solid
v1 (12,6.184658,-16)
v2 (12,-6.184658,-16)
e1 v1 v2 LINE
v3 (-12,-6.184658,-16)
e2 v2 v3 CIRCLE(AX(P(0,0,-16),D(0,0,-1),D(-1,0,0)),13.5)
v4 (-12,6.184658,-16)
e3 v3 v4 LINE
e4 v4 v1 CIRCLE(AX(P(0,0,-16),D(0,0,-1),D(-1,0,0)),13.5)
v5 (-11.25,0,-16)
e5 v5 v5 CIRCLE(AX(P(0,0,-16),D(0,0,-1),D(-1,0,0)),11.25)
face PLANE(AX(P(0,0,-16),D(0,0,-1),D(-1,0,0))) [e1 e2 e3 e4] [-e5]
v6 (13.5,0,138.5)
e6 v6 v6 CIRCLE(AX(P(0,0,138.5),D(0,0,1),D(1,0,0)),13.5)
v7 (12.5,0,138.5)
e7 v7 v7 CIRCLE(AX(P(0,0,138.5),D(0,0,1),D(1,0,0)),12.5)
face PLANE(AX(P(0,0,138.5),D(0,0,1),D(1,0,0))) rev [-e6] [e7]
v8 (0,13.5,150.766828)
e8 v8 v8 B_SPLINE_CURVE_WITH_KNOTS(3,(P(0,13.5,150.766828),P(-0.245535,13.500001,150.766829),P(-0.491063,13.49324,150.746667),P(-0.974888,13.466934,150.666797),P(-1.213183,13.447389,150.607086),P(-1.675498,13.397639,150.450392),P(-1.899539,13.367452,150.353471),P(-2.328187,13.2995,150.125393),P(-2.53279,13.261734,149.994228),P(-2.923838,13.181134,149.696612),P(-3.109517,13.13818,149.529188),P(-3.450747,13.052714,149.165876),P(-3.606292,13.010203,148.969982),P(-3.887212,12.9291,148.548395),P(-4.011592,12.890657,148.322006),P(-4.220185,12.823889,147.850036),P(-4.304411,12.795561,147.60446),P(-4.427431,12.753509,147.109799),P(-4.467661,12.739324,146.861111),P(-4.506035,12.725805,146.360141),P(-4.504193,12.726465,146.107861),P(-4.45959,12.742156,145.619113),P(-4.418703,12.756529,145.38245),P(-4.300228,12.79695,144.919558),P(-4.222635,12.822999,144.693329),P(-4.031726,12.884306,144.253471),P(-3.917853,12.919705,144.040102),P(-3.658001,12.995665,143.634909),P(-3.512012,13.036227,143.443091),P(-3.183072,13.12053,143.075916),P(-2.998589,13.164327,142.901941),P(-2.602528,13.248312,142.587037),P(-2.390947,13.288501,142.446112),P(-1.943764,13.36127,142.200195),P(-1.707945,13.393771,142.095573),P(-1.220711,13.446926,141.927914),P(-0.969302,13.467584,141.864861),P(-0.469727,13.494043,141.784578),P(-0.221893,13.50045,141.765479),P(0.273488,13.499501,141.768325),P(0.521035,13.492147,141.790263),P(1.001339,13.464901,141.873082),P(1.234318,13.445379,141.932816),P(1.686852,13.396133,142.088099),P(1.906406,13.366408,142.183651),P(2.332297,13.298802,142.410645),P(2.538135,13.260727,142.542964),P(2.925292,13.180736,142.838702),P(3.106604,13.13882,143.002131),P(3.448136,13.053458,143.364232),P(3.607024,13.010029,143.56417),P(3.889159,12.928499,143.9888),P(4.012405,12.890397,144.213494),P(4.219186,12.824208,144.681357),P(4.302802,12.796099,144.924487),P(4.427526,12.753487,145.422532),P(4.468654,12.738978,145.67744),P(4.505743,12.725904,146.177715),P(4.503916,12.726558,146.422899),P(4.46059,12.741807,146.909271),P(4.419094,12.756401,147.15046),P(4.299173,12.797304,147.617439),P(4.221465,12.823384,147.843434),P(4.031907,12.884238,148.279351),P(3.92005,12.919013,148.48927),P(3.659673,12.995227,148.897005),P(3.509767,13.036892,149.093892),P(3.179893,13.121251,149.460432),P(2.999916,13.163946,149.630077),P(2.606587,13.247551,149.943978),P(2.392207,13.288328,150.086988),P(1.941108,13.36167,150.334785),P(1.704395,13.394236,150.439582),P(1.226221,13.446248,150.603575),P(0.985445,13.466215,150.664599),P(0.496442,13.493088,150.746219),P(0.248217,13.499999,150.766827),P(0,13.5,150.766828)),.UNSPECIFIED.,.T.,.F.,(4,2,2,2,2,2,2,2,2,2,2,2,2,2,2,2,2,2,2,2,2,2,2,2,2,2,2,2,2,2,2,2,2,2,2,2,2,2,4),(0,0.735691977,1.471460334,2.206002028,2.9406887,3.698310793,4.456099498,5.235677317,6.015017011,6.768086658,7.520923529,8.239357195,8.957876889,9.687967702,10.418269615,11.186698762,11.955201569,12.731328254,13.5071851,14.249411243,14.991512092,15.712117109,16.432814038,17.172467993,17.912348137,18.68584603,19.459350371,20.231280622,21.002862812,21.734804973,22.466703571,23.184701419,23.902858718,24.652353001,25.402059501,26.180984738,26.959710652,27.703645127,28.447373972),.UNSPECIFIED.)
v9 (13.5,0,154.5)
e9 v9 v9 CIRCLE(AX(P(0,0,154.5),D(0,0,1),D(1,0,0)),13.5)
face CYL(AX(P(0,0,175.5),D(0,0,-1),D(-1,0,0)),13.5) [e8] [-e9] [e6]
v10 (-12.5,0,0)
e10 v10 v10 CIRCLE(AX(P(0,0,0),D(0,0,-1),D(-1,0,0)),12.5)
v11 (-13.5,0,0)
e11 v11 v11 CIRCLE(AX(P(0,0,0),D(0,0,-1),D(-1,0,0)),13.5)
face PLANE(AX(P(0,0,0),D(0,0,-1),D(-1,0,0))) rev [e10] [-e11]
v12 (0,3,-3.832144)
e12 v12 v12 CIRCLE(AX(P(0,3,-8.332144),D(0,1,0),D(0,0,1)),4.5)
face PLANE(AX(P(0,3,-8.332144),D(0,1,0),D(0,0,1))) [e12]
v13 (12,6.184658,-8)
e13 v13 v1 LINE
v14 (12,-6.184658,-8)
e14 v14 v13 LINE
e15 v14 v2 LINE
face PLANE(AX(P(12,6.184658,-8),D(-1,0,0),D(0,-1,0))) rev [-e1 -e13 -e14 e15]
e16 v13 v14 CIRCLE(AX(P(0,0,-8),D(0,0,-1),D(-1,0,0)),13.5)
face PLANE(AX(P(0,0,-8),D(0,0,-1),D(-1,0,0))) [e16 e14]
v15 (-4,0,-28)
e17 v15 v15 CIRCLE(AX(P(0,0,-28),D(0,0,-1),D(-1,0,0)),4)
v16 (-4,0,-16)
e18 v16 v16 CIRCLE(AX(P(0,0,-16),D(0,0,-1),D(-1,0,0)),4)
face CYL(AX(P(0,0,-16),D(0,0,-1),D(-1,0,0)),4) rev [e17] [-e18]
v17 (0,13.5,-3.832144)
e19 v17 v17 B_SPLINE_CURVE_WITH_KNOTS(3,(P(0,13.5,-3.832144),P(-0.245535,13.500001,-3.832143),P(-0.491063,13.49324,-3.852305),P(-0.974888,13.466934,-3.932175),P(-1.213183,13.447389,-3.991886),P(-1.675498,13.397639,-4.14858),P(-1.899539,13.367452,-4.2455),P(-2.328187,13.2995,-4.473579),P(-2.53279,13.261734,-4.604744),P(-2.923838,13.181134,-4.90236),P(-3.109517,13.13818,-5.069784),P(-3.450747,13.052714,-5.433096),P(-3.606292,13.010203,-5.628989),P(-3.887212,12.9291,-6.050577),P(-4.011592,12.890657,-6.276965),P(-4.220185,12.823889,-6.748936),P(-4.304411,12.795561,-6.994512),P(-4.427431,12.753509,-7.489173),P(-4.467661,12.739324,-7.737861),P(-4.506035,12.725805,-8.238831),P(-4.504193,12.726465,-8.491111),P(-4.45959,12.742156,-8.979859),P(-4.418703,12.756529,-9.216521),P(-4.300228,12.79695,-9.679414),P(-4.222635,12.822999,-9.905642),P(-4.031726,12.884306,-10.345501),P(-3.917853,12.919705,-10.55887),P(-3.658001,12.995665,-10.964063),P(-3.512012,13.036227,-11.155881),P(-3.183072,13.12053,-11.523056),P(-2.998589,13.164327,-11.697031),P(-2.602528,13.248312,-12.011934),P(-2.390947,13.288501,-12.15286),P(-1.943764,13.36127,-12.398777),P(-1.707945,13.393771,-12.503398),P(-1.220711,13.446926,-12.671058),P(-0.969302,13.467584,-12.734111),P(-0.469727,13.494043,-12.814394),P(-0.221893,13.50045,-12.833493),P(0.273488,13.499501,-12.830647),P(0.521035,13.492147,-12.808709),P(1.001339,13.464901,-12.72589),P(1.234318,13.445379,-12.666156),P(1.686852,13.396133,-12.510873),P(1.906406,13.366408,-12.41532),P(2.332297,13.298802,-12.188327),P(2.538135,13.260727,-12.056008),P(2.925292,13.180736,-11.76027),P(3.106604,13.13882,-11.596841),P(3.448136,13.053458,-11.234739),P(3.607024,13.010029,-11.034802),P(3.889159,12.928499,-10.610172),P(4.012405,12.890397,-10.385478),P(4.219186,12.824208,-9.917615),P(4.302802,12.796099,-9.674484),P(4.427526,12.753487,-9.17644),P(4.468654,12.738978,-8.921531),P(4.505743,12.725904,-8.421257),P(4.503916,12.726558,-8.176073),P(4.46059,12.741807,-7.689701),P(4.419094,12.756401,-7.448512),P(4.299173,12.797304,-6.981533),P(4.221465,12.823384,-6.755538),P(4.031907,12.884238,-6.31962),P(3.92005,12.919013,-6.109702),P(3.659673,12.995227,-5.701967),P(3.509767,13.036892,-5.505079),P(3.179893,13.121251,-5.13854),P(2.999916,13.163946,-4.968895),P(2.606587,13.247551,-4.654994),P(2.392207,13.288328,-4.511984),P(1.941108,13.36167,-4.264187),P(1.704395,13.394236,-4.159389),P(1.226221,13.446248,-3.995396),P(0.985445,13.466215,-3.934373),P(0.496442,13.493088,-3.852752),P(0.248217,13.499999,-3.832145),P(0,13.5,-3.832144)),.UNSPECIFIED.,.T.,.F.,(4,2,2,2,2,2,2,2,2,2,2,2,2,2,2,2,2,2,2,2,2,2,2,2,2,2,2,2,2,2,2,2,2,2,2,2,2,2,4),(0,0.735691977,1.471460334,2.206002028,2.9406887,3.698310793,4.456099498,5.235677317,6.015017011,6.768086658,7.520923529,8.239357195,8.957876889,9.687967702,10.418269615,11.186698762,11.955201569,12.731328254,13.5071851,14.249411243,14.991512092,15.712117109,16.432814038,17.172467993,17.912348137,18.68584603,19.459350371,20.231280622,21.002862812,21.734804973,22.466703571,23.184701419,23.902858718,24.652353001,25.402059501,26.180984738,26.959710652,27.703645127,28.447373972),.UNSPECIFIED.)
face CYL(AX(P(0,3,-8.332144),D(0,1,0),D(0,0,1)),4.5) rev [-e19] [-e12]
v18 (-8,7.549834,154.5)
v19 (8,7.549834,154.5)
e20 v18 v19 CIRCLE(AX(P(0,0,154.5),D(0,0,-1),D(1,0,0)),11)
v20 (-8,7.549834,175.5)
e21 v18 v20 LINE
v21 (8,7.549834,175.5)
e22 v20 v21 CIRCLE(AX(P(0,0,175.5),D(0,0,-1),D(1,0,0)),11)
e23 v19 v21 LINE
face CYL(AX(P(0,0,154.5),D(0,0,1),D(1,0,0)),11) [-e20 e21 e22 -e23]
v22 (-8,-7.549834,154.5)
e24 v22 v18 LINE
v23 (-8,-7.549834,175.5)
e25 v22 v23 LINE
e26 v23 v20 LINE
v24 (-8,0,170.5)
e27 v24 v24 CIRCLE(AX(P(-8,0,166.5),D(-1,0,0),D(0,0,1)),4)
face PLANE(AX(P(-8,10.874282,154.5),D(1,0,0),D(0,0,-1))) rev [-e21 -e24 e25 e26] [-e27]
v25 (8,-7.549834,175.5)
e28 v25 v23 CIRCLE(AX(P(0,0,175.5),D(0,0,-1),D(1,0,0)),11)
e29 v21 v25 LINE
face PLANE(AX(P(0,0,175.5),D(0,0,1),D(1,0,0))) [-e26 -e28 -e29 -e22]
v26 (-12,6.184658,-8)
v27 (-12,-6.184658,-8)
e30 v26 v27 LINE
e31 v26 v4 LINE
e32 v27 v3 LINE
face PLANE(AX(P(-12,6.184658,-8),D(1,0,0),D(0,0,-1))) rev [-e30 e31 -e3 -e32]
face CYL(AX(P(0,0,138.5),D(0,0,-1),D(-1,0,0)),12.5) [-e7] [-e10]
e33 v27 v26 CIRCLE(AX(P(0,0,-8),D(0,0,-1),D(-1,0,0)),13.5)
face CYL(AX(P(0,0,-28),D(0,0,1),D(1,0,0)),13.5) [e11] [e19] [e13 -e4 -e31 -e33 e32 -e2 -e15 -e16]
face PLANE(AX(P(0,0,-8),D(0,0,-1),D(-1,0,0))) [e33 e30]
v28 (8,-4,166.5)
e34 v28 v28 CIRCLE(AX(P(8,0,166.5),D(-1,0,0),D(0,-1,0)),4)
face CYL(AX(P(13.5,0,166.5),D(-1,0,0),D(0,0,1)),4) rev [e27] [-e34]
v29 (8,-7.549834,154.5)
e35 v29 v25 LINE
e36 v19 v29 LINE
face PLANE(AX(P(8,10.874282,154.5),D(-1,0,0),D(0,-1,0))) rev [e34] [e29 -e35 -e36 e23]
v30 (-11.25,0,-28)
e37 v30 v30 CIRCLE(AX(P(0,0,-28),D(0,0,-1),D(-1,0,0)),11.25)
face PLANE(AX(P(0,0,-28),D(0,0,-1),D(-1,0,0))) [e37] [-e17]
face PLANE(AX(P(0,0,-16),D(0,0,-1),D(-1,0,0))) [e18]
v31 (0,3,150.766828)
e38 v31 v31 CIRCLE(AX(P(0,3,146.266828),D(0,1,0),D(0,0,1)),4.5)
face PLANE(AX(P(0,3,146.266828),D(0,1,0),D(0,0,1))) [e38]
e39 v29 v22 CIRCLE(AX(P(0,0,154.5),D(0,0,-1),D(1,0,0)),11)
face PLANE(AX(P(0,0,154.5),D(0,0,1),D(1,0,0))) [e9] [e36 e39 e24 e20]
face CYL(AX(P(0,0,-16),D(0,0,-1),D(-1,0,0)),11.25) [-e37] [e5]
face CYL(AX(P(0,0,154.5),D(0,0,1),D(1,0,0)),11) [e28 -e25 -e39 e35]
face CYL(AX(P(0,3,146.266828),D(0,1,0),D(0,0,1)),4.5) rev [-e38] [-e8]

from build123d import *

# Parameters (mm, degrees)
SKETCH1_R           = 12.5
BOSS_EXTRUDE1_DEPTH = 138.5
SKETCH2_R           = 13.5
BOSS_EXTRUDE2_DEPTH = 37
BOSS_EXTRUDE3_START = 28
SKETCH3_R           = 13.5
BOSS_EXTRUDE3_DEPTH = 28
CUT_EXTRUDE1_START  = -21
CUT_EXTRUDE1_DEPTH  = 21
SKETCH5_R           = 4
CUT_EXTRUDE2_DEPTH  = 178.32667594
CUT_EXTRUDE4_START  = -21
CUT_EXTRUDE4_DEPTH  = 21
CUT_EXTRUDE5_DEPTH  = 20
SKETCH8_OUTSIDE_W   = 70.41
SKETCH8_OUTSIDE_H   = 70.41
SKETCH8_OUTSIDE_R   = 11.25
CUT_EXTRUDE6_DEPTH  = 12
SKETCH10_R          = 4.5
CUT_EXTRUDE7_DEPTH  = 12
SKETCH11_R          = 4
CUT_EXTRUDE8_DEPTH  = 12


with BuildPart() as part:
    # Sketch1 → Boss-Extrude1 (new body)
    with BuildSketch(Plane.XY):
        Circle(SKETCH1_R)
    extrude(amount=BOSS_EXTRUDE1_DEPTH)

    # Sketch2 → Boss-Extrude2 (add)
    with BuildSketch(Plane.XY.offset(138.5)):
        Circle(SKETCH2_R)
    extrude(amount=BOSS_EXTRUDE2_DEPTH)

    # Sketch3 → Boss-Extrude3 (add)
    with BuildSketch(Plane(origin=(0, 0, 0), x_dir=(-1, 0, 0), z_dir=(0, 0, -1)).offset(BOSS_EXTRUDE3_START)):
        with Locations(Location((0, 0, 0), (0, 0, 180))):
            Circle(SKETCH3_R)
    extrude(amount=-BOSS_EXTRUDE3_DEPTH)

    # Sketch4 → Cut-Extrude1 (cut)
    with BuildSketch(Plane.XY.offset(175.5).offset(CUT_EXTRUDE1_START)):
        with BuildLine():
            Line((-8, 10.874281585), (-8, -10.874281585))
            ThreePointArc((-8, -10.874281585), (-13.5, 0), (-8, 10.874281585))
        make_face()
        with BuildLine():
            Line((8, 10.874281585), (8, -10.874281585))
            ThreePointArc((8, -10.874281585), (13.5, 0), (8, 10.874281585))
        make_face()
    extrude(amount=CUT_EXTRUDE1_DEPTH, mode=Mode.SUBTRACT)

    # Sketch5 → Cut-Extrude2 (cut, through all)
    with BuildSketch(Plane.ZY.offset(8)):
        with Locations((166.5, 0)):
            Circle(SKETCH5_R)
    extrude(amount=-CUT_EXTRUDE2_DEPTH, mode=Mode.SUBTRACT)

    # Sketch6 → Cut-Extrude4 (cut)
    with BuildSketch(Plane.XY.offset(175.5).offset(CUT_EXTRUDE4_START)):
        with BuildLine():
            Line((8, 10.874281585), (8, 7.549834435))
            ThreePointArc((8, 7.549834435), (0, 11), (-8, 7.549834435))
            Line((-8, 7.549834435), (-8, 10.874281585))
            ThreePointArc((-8, 10.874281585), (0, 13.5), (8, 10.874281585))
        make_face()
        with BuildLine():
            Line((-8, -10.874281585), (-8, -7.549834435))
            ThreePointArc((-8, -7.549834435), (0, -11), (8, -7.549834435))
            Line((8, -7.549834435), (8, -10.874281585))
            ThreePointArc((8, -10.874281585), (0, -13.5), (-8, -10.874281585))
        make_face()
    extrude(amount=CUT_EXTRUDE4_DEPTH, mode=Mode.SUBTRACT)

    # Sketch7 → Cut-Extrude5 (cut)
    with BuildSketch(Plane(origin=(0, 0, -28), x_dir=(-1, 0, 0), z_dir=(0, 0, -1))):
        with BuildLine():
            Line((-12, 6.184658438), (-12, -6.184658438))
            ThreePointArc((-12, -6.184658438), (-13.5, 0), (-12, 6.184658438))
        make_face()
        with BuildLine():
            Line((12, 6.184658438), (12, -6.184658438))
            ThreePointArc((12, -6.184658438), (13.5, 0), (12, 6.184658438))
        make_face()
    extrude(amount=-CUT_EXTRUDE5_DEPTH, mode=Mode.SUBTRACT)

    # Sketch8 outside → Cut-Extrude6 (cut)
    with BuildSketch(Plane(origin=(0, 0, -28), x_dir=(-1, 0, 0), z_dir=(0, 0, -1))):
        Rectangle(SKETCH8_OUTSIDE_W, SKETCH8_OUTSIDE_H)
        Circle(SKETCH8_OUTSIDE_R, mode=Mode.SUBTRACT)
    extrude(amount=-CUT_EXTRUDE6_DEPTH, mode=Mode.SUBTRACT)

    # Sketch10 → Cut-Extrude7 (cut)
    with BuildSketch(Plane(origin=(0, 15, 0), x_dir=(-1, 0, 0), z_dir=(0, 1, 0))):
        with Locations(Location((0, 146.266828113, 0), (0, 0, 90))):
            Circle(SKETCH10_R)
        with Locations(Location((0, -8.332143665, 0), (0, 0, 90))):
            Circle(SKETCH10_R)
    extrude(amount=-CUT_EXTRUDE7_DEPTH, mode=Mode.SUBTRACT)

    # Sketch11 → Cut-Extrude8 (cut)
    with BuildSketch(Plane(origin=(0, 0, -28), x_dir=(-1, 0, 0), z_dir=(0, 0, -1))):
        Circle(SKETCH11_R)
    extrude(amount=-CUT_EXTRUDE8_DEPTH, mode=Mode.SUBTRACT)


solid = part.part
